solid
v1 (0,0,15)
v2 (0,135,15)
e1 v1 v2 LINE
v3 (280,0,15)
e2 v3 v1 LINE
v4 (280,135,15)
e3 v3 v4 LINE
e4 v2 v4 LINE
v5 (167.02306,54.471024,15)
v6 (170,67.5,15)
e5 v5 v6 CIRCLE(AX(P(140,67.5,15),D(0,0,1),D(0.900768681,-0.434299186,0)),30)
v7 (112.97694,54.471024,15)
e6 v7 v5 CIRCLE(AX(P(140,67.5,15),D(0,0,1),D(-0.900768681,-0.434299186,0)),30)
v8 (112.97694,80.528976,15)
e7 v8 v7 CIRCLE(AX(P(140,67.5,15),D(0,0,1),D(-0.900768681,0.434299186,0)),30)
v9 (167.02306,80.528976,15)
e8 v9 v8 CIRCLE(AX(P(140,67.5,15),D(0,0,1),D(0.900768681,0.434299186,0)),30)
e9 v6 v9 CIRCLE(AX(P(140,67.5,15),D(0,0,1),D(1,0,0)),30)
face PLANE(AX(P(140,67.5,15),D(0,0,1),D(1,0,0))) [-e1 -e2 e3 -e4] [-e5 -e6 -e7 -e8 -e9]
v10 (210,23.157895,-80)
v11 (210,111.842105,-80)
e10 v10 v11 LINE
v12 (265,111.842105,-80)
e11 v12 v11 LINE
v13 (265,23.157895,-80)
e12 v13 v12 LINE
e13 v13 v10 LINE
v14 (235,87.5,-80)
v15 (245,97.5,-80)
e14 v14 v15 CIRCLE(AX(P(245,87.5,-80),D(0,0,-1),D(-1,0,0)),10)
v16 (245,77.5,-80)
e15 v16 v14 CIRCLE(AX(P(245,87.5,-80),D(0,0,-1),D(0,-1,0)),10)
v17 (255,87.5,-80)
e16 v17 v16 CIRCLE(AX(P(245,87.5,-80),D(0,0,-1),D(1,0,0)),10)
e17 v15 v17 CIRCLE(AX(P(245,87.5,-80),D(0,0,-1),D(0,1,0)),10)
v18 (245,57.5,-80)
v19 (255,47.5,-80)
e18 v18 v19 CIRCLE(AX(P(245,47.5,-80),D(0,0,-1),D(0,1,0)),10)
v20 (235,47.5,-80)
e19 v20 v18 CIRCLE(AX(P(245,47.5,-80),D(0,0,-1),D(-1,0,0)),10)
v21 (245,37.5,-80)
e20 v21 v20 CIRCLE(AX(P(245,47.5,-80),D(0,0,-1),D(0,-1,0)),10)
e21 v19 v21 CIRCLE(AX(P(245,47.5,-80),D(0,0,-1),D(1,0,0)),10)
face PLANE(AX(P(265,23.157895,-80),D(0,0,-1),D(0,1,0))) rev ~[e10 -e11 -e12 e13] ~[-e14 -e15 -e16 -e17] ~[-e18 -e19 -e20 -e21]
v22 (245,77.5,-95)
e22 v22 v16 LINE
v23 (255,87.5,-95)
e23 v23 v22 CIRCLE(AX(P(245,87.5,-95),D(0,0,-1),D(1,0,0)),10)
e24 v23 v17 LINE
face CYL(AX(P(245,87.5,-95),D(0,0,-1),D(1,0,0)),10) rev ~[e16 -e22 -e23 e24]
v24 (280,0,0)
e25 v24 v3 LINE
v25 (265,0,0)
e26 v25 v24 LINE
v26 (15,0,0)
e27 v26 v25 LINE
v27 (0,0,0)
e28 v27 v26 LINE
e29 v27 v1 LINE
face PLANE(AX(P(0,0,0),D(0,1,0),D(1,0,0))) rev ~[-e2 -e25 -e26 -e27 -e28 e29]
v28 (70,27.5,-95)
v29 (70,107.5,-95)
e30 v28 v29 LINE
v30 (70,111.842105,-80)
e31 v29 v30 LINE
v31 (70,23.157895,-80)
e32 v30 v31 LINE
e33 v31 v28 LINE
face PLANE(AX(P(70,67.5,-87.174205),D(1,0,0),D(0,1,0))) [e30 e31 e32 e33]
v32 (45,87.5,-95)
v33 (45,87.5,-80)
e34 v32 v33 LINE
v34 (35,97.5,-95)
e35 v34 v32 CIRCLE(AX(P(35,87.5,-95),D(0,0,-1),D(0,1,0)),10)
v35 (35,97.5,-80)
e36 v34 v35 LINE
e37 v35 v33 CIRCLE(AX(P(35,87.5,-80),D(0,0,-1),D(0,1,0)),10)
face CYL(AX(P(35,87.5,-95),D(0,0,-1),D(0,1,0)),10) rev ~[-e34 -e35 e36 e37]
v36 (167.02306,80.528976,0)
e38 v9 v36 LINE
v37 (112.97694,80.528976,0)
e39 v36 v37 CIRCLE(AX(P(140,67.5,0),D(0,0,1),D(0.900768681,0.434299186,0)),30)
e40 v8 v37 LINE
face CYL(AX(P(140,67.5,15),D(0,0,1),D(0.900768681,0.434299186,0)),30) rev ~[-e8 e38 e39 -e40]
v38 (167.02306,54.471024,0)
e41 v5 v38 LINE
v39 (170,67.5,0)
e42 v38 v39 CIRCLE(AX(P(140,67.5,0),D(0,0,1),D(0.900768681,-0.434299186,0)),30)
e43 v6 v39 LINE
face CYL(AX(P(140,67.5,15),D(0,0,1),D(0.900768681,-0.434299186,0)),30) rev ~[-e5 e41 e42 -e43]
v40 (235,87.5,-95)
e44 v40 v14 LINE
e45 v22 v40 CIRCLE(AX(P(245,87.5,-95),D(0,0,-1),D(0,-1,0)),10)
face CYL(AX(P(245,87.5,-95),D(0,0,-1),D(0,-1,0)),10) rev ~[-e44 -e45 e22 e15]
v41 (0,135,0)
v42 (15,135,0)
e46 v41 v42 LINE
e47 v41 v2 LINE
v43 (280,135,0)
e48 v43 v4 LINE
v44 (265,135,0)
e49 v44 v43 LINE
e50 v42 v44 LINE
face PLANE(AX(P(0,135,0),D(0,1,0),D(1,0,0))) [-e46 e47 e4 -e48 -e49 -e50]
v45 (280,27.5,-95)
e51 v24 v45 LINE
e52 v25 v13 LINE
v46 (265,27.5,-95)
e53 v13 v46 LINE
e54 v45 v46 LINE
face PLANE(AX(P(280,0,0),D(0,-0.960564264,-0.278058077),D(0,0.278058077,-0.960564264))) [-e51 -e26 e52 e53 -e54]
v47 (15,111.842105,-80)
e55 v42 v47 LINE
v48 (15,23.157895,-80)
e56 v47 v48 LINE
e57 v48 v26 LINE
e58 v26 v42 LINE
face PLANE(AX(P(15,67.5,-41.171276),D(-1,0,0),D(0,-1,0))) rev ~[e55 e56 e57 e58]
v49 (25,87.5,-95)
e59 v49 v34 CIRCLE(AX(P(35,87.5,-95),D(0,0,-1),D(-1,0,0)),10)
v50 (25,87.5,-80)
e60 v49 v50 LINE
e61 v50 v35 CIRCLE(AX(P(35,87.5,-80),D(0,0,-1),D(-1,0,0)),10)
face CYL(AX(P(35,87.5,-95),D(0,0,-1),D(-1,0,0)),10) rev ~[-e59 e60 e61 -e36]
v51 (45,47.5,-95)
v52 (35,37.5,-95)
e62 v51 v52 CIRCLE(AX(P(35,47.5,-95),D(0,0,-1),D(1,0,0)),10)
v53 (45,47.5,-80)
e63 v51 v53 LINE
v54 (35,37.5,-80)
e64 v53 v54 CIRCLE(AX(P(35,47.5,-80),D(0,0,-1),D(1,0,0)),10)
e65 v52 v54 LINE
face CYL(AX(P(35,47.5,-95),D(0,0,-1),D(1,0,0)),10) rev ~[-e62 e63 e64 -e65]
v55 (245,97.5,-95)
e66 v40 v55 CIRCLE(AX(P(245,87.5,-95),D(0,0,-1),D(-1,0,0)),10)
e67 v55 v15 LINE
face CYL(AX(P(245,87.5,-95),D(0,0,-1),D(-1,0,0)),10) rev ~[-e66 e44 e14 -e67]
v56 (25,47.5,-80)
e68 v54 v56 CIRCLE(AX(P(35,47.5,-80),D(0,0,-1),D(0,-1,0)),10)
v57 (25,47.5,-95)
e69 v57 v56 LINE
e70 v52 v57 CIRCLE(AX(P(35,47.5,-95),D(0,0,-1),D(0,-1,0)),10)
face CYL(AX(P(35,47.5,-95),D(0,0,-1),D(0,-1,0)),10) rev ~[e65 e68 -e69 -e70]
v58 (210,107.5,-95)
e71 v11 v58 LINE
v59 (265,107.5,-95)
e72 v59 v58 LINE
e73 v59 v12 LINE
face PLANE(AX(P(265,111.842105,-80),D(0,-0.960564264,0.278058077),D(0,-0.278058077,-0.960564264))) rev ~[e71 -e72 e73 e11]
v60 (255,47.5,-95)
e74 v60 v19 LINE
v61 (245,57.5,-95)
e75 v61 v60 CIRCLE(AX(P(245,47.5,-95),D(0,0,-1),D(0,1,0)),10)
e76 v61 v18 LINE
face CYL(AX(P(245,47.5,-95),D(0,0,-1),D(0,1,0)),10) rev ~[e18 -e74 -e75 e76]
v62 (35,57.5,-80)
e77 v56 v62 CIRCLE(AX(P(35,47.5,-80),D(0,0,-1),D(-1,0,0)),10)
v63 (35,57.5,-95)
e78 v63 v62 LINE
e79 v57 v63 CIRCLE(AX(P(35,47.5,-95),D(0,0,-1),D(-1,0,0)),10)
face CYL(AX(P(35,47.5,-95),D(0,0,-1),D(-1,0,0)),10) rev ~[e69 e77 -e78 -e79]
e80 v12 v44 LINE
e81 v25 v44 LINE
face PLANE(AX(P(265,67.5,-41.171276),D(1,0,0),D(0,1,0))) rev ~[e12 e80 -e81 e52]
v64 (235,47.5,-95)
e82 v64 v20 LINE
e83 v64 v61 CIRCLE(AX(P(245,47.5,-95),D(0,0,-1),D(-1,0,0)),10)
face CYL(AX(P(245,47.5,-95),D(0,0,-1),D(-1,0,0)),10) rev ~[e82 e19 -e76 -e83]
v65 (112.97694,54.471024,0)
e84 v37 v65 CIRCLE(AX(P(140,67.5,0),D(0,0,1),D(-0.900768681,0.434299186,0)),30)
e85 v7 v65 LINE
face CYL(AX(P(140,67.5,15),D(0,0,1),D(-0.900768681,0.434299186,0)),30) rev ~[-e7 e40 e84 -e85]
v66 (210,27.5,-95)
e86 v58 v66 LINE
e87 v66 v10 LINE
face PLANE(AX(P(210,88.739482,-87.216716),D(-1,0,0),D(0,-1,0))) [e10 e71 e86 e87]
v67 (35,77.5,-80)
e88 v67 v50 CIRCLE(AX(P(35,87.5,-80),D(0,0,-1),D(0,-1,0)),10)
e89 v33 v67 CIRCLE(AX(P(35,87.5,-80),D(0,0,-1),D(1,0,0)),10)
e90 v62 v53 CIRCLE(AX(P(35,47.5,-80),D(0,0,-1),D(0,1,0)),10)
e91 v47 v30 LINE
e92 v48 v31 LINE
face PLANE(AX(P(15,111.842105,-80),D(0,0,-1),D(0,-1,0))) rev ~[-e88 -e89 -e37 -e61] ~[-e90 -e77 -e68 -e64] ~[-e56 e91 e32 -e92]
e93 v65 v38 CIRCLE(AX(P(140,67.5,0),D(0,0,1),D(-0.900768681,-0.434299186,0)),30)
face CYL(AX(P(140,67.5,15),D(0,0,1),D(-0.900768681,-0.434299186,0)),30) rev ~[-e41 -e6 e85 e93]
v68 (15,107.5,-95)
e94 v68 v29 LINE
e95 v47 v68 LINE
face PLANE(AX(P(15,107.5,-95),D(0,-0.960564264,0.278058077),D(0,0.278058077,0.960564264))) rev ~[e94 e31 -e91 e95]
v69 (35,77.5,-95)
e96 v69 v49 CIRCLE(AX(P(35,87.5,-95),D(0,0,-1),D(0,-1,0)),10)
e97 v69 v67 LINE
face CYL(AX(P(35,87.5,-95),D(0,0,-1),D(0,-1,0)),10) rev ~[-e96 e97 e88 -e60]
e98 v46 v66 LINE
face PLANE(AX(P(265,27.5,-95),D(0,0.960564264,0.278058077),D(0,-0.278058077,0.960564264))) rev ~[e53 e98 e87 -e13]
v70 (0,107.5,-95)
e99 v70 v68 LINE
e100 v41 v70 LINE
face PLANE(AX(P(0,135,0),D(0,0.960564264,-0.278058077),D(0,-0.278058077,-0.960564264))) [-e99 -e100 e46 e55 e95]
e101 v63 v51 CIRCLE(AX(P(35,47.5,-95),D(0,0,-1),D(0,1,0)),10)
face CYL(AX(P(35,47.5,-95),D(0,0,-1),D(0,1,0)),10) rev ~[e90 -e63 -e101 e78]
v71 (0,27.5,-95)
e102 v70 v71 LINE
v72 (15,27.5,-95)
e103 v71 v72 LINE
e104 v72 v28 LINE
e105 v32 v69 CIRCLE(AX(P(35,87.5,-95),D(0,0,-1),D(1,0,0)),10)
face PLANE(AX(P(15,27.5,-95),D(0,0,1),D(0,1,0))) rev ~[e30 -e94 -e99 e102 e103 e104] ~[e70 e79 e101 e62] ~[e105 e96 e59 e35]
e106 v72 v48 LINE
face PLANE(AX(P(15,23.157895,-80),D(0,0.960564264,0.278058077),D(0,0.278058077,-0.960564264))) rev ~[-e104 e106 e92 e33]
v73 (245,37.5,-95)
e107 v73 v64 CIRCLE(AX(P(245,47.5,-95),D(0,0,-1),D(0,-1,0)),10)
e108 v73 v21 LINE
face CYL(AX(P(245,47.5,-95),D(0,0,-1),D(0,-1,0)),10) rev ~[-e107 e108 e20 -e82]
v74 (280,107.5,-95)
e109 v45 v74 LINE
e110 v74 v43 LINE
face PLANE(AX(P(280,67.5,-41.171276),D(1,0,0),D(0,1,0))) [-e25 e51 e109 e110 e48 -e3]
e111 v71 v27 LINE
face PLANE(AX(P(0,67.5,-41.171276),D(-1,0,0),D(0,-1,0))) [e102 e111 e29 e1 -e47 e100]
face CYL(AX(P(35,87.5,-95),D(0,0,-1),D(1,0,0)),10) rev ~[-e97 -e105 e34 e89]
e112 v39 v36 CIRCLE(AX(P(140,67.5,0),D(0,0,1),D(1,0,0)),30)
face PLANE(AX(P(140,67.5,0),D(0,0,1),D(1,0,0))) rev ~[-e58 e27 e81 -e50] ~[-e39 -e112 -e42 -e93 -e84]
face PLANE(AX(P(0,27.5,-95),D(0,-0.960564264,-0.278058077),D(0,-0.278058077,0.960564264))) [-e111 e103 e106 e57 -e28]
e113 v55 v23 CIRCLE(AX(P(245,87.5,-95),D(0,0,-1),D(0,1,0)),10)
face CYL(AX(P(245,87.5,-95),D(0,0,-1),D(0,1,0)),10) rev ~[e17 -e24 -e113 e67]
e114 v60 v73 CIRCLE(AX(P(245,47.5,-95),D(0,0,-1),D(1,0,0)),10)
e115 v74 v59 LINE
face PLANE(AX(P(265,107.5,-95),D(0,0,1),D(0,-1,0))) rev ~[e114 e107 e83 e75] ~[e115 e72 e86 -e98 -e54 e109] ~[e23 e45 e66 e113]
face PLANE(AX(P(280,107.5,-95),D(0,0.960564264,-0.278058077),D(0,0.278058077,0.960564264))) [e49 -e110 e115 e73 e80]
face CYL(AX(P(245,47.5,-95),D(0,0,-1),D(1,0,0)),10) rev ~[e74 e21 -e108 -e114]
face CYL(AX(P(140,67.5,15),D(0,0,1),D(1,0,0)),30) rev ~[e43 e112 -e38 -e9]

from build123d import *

# Parameters (mm, degrees)
F0_W      = 280
F0_H      = 135
F1_DEPTH  = 15
F3_DEPTH  = 15
F4_W      = 135
F4_H      = 15
F5_DEPTH  = 15
F7_DEPTH  = 110.001
F9_DEPTH  = 55
F11_DEPTH = 55
F13_DEPTH = 25


with BuildPart() as f1:
    # F0 (on Top) → F1 (new body)
    with BuildSketch(Plane.XY):
        with Locations((140, 67.5)):
            Rectangle(F0_W, F0_H)
    extrude(amount=F1_DEPTH)

    # F2 (on face) → F3 (join)
    with BuildSketch(Plane(origin=(0, 0, 0), x_dir=(0, -1, 0), z_dir=(-1, 0, 0))):
        Polygon((0, 0), (-135, 0), (-107.5, -95), (-67.5, -95), (-27.5, -95), align=None)
    extrude(amount=-F3_DEPTH)

    # F4 (on face) → F5 (join)
    with BuildSketch(Plane.YZ.offset(280)):
        Polygon((27.5, -95), (67.5, -95), (107.5, -95), (135, 0), (0, 0), align=None)
        with Locations((67.5, 7.5)):
            Rectangle(F4_W, F4_H)
    extrude(amount=-F5_DEPTH)

    # F6 (on face) → F7 (cut, through all)
    with BuildSketch(Plane.XY.offset(15)):
        with BuildLine():
            ThreePointArc((112.9769395589, 54.4710244302), (140, 37.5), (167.0230604411, 54.4710244302))
            Line((167.0230604411, 54.4710244302), (140, 67.5))
            Line((140, 67.5), (112.9769395589, 54.4710244302))
        make_face()
        with BuildLine():
            Line((140, 67.5), (167.0230604411, 54.4710244302))
            ThreePointArc((167.0230604411, 54.4710244302), (169.2462973146, 60.8176281618), (170, 67.5))
            ThreePointArc((170, 67.5), (169.2462973146, 74.1823718382), (167.0230604411, 80.5289755698))
            Line((167.0230604411, 80.5289755698), (140, 67.5))
        make_face()
        with BuildLine():
            Line((112.9769395589, 54.4710244302), (140, 67.5))
            Line((140, 67.5), (112.9769395589, 80.5289755698))
            ThreePointArc((112.9769395589, 80.5289755698), (110, 67.5), (112.9769395589, 54.4710244302))
        make_face()
        with BuildLine():
            Line((112.9769395589, 80.5289755698), (140, 67.5))
            Line((140, 67.5), (167.0230604411, 80.5289755698))
            ThreePointArc((167.0230604411, 80.5289755698), (140, 97.5), (112.9769395589, 80.5289755698))
        make_face()
    extrude(amount=-F7_DEPTH, mode=Mode.SUBTRACT)

    # F8 (on face) → F9 (join)
    with BuildSketch(Plane.YZ.offset(15)):
        Polygon((111.8421052632, -80), (27.5, -80), (23.1578947368, -80), (27.5, -95), (107.5, -95), align=None)
    extrude(amount=F9_DEPTH)

    # F10 (on face) → F11 (join)
    with BuildSketch(Plane(origin=(265, 0, 0), x_dir=(0, -1, 0), z_dir=(-1, 0, 0))):
        Polygon((-107.5, -95), (-67.5, -95), (-67.5, -80), (-111.8421052632, -80), align=None)
        Polygon((-67.5, -80), (-67.5, -95), (-27.5, -95), (-23.1578947368, -80), align=None)
    extrude(amount=F11_DEPTH)

    # F12 (on face) → F13 (cut)
    with BuildSketch(Plane(origin=(0, 0, -95), x_dir=(1, 0, 0), z_dir=(0, 0, -1))):
        with BuildLine():
            ThreePointArc((35, -97.5), (42.0710678119, -94.5710678119), (45, -87.5))
            Line((45, -87.5), (35, -87.5))
            Line((35, -87.5), (35, -97.5))
        make_face()
        with BuildLine():
            Line((245, -77.5), (245, -87.5))
            Line((245, -87.5), (255, -87.5))
            ThreePointArc((255, -87.5), (252.0710678119, -80.4289321881), (245, -77.5))
        make_face()
        with BuildLine():
            ThreePointArc((245, -77.5), (237.9289321881, -80.4289321881), (235, -87.5))
            Line((235, -87.5), (245, -87.5))
            Line((245, -87.5), (245, -77.5))
        make_face()
        with BuildLine():
            Line((255, -87.5), (245, -87.5))
            Line((245, -87.5), (245, -97.5))
            ThreePointArc((245, -97.5), (252.0710678119, -94.5710678119), (255, -87.5))
        make_face()
        with BuildLine():
            Line((245, -87.5), (235, -87.5))
            ThreePointArc((235, -87.5), (237.9289321881, -94.5710678119), (245, -97.5))
            Line((245, -97.5), (245, -87.5))
        make_face()
        with BuildLine():
            Line((35, -87.5), (45, -87.5))
            ThreePointArc((45, -87.5), (42.0710678119, -80.4289321881), (35, -77.5))
            Line((35, -77.5), (35, -87.5))
        make_face()
        with BuildLine():
            Line((35, -97.5), (35, -87.5))
            Line((35, -87.5), (25, -87.5))
            ThreePointArc((25, -87.5), (27.9289321881, -94.5710678119), (35, -97.5))
        make_face()
        with BuildLine():
            Line((35, -87.5), (35, -77.5))
            ThreePointArc((35, -77.5), (27.9289321881, -80.4289321881), (25, -87.5))
            Line((25, -87.5), (35, -87.5))
        make_face()
        with BuildLine():
            ThreePointArc((35, -57.5), (42.0710678119, -54.5710678119), (45, -47.5))
            Line((45, -47.5), (35, -47.5))
            Line((35, -47.5), (35, -57.5))
        make_face()
        with BuildLine():
            Line((35, -57.5), (35, -47.5))
            Line((35, -47.5), (25, -47.5))
            ThreePointArc((25, -47.5), (27.9289321881, -54.5710678119), (35, -57.5))
        make_face()
        with BuildLine():
            Line((35, -47.5), (35, -37.5))
            ThreePointArc((35, -37.5), (27.9289321881, -40.4289321881), (25, -47.5))
            Line((25, -47.5), (35, -47.5))
        make_face()
        with BuildLine():
            ThreePointArc((45, -47.5), (42.0710678119, -40.4289321881), (35, -37.5))
            Line((35, -37.5), (35, -47.5))
            Line((35, -47.5), (45, -47.5))
        make_face()
        with BuildLine():
            Line((245, -47.5), (235, -47.5))
            ThreePointArc((235, -47.5), (237.9289321881, -54.5710678119), (245, -57.5))
            Line((245, -57.5), (245, -47.5))
        make_face()
        with BuildLine():
            Line((255, -47.5), (245, -47.5))
            Line((245, -47.5), (245, -57.5))
            ThreePointArc((245, -57.5), (252.0710678119, -54.5710678119), (255, -47.5))
        make_face()
        with BuildLine():
            ThreePointArc((255, -47.5), (252.0710678119, -40.4289321881), (245, -37.5))
            Line((245, -37.5), (245, -47.5))
            Line((245, -47.5), (255, -47.5))
        make_face()
        with BuildLine():
            Line((245, -47.5), (245, -37.5))
            ThreePointArc((245, -37.5), (237.9289321881, -40.4289321881), (235, -47.5))
            Line((235, -47.5), (245, -47.5))
        make_face()
    extrude(amount=-F13_DEPTH, mode=Mode.SUBTRACT)


solid = f1.part
